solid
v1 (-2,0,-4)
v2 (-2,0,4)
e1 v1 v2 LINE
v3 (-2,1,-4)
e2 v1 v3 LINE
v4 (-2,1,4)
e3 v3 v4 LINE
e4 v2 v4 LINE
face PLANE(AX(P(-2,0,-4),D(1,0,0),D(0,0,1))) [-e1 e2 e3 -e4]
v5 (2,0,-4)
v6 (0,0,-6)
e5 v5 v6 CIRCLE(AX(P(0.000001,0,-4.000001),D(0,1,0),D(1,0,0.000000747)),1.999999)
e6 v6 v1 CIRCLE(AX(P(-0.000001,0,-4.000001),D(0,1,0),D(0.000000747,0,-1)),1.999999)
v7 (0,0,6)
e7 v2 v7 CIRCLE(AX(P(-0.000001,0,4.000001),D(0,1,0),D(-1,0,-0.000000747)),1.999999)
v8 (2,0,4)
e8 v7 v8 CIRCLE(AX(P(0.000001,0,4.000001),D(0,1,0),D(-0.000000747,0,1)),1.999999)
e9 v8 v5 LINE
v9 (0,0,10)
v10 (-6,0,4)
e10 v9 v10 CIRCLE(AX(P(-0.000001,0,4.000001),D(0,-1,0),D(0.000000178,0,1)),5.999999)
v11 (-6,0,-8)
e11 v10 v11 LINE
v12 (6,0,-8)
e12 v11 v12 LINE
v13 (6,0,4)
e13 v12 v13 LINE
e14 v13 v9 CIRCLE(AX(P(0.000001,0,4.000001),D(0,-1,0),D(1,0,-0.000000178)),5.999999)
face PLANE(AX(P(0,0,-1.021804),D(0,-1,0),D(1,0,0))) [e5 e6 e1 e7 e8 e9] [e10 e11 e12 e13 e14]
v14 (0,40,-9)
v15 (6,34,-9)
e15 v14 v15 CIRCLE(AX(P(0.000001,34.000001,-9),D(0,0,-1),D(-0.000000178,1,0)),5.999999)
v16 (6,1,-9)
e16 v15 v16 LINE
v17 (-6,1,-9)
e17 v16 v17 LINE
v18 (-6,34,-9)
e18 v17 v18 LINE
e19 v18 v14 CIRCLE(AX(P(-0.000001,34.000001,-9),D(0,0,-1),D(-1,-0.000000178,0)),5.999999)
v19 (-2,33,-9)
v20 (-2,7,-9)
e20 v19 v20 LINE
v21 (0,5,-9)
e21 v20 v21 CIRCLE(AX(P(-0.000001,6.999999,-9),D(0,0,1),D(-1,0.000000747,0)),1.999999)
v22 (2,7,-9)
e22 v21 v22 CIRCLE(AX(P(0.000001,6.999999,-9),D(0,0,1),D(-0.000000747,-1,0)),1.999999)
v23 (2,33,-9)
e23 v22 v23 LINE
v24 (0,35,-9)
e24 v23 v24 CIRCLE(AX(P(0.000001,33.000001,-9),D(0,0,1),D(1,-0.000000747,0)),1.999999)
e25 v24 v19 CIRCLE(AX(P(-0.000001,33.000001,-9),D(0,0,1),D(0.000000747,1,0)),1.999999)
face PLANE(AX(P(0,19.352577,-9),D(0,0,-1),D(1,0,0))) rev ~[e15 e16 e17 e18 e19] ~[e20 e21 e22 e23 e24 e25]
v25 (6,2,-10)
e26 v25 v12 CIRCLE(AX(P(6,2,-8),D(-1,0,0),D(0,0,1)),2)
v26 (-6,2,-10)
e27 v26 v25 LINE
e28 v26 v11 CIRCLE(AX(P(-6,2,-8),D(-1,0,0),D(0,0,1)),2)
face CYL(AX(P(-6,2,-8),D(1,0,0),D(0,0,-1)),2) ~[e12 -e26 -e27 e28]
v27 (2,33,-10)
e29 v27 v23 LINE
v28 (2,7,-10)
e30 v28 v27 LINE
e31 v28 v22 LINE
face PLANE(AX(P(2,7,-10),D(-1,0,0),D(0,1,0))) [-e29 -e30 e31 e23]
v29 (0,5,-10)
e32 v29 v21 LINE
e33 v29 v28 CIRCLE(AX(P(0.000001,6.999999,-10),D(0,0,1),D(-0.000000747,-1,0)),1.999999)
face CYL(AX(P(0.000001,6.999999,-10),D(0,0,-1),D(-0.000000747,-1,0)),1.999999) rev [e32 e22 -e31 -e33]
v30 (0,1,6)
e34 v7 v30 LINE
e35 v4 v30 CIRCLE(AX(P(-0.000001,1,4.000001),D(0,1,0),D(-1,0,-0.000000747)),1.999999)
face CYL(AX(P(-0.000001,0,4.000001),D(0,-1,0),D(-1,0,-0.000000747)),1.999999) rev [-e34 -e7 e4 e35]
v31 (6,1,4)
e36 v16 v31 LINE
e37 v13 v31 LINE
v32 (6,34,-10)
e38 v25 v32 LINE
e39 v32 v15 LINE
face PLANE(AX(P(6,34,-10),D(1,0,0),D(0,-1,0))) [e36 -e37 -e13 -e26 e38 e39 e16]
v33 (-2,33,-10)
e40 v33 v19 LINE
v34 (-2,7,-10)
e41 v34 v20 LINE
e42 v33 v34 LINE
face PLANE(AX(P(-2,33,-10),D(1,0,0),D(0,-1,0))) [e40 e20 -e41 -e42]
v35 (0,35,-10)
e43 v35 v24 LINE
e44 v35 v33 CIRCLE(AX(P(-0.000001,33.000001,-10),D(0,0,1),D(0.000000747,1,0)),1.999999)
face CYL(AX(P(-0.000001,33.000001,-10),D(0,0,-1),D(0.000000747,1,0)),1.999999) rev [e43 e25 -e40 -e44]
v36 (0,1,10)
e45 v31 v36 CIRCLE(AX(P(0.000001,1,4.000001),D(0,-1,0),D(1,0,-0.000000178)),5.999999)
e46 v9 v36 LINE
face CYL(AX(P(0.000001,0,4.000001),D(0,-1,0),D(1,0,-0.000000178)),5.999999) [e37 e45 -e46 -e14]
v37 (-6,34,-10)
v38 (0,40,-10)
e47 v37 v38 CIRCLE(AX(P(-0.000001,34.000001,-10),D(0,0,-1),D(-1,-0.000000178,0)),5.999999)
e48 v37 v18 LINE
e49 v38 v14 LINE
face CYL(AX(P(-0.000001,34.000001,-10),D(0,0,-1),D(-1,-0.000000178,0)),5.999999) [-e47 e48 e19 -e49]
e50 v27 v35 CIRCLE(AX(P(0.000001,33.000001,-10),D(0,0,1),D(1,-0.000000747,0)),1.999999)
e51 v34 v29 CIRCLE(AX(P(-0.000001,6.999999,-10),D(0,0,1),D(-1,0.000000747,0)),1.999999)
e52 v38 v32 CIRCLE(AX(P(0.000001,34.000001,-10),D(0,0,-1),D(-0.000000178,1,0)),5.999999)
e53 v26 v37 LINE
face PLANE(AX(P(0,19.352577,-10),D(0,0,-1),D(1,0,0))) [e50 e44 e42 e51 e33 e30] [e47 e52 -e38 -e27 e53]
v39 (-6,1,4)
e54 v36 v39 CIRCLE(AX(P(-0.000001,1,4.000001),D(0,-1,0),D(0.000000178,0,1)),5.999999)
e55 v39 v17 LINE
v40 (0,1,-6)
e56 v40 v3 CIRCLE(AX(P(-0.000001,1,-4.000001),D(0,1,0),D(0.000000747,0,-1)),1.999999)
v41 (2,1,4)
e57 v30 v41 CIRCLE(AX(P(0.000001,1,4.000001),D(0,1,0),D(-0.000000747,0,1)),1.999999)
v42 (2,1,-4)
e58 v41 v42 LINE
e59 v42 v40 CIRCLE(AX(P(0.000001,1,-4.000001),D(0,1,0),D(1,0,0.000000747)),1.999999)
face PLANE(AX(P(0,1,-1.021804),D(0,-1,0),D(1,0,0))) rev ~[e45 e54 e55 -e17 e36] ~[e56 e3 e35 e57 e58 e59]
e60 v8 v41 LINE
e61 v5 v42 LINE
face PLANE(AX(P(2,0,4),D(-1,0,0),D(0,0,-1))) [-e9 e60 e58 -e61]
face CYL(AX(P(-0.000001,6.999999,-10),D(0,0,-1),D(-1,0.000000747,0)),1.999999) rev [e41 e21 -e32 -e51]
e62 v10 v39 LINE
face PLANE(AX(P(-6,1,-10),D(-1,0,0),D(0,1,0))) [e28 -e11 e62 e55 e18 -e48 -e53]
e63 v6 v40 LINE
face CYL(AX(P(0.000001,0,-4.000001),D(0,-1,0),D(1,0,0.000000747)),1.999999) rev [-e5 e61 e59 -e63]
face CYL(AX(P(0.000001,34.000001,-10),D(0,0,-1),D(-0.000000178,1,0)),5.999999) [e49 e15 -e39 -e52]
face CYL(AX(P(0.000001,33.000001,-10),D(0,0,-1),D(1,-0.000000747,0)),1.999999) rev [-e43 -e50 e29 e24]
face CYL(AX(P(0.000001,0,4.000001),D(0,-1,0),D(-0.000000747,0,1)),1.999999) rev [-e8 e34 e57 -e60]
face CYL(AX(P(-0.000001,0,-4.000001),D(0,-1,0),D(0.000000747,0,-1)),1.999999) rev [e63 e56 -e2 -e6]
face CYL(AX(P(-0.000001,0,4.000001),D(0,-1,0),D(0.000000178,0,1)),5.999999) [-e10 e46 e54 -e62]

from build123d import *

# Parameters (mm, degrees)
F1_DEPTH = 1
F3_DEPTH = 1
F4_R     = 2


with BuildPart() as f1:
    # F0 (on Front) → F1 (new body)
    with BuildSketch(Plane.XZ):
        with BuildLine():
            Line((-6, -10), (6, -10))
            Line((6, -10), (6, 4))
            ThreePointArc((6, 4), (4.242641, 8.242641), (0, 10))
            ThreePointArc((0, 10), (-4.242641, 8.242641), (-6, 4))
            Line((-6, 4), (-6, -10))
        make_face()
        with BuildLine():
            Line((2, 4), (2, -4))
            ThreePointArc((2, -4), (1.414214, -5.414214), (0, -6))
            ThreePointArc((0, -6), (-1.414214, -5.414214), (-2, -4))
            Line((-2, -4), (-2, 4))
            ThreePointArc((-2, 4), (-1.414214, 5.414214), (0, 6))
            ThreePointArc((0, 6), (1.414214, 5.414214), (2, 4))
        make_face(mode=Mode.SUBTRACT)
    extrude(amount=-F1_DEPTH)

    # F2 (on face) → F3 (join)
    with BuildSketch(Plane(origin=(0, 0, -10), x_dir=(1, 0, 0), z_dir=(0, 0, -1))):
        with BuildLine():
            Line((6, -1), (-6, -1))
            Line((-6, -1), (-6, -34))
            ThreePointArc((-6, -34), (-4.242641, -38.242641), (0, -40))
            ThreePointArc((0, -40), (4.242641, -38.242641), (6, -34))
            Line((6, -34), (6, -1))
        make_face()
        with BuildLine():
            Line((2, -7), (2, -33))
            ThreePointArc((2, -33), (1.414214, -34.414214), (0, -35))
            ThreePointArc((0, -35), (-1.414214, -34.414214), (-2, -33))
            Line((-2, -33), (-2, -7))
            ThreePointArc((-2, -7), (-1.414214, -5.585786), (0, -5))
            ThreePointArc((0, -5), (1.414214, -5.585786), (2, -7))
        make_face(mode=Mode.SUBTRACT)
    extrude(amount=-F3_DEPTH)

    # F4
    f4_edges = [f1.edges().sort_by_distance(p)[0] for p in [
        (0, 0, -10),
    ]]
    fillet(f4_edges, radius=F4_R)


solid = f1.part
